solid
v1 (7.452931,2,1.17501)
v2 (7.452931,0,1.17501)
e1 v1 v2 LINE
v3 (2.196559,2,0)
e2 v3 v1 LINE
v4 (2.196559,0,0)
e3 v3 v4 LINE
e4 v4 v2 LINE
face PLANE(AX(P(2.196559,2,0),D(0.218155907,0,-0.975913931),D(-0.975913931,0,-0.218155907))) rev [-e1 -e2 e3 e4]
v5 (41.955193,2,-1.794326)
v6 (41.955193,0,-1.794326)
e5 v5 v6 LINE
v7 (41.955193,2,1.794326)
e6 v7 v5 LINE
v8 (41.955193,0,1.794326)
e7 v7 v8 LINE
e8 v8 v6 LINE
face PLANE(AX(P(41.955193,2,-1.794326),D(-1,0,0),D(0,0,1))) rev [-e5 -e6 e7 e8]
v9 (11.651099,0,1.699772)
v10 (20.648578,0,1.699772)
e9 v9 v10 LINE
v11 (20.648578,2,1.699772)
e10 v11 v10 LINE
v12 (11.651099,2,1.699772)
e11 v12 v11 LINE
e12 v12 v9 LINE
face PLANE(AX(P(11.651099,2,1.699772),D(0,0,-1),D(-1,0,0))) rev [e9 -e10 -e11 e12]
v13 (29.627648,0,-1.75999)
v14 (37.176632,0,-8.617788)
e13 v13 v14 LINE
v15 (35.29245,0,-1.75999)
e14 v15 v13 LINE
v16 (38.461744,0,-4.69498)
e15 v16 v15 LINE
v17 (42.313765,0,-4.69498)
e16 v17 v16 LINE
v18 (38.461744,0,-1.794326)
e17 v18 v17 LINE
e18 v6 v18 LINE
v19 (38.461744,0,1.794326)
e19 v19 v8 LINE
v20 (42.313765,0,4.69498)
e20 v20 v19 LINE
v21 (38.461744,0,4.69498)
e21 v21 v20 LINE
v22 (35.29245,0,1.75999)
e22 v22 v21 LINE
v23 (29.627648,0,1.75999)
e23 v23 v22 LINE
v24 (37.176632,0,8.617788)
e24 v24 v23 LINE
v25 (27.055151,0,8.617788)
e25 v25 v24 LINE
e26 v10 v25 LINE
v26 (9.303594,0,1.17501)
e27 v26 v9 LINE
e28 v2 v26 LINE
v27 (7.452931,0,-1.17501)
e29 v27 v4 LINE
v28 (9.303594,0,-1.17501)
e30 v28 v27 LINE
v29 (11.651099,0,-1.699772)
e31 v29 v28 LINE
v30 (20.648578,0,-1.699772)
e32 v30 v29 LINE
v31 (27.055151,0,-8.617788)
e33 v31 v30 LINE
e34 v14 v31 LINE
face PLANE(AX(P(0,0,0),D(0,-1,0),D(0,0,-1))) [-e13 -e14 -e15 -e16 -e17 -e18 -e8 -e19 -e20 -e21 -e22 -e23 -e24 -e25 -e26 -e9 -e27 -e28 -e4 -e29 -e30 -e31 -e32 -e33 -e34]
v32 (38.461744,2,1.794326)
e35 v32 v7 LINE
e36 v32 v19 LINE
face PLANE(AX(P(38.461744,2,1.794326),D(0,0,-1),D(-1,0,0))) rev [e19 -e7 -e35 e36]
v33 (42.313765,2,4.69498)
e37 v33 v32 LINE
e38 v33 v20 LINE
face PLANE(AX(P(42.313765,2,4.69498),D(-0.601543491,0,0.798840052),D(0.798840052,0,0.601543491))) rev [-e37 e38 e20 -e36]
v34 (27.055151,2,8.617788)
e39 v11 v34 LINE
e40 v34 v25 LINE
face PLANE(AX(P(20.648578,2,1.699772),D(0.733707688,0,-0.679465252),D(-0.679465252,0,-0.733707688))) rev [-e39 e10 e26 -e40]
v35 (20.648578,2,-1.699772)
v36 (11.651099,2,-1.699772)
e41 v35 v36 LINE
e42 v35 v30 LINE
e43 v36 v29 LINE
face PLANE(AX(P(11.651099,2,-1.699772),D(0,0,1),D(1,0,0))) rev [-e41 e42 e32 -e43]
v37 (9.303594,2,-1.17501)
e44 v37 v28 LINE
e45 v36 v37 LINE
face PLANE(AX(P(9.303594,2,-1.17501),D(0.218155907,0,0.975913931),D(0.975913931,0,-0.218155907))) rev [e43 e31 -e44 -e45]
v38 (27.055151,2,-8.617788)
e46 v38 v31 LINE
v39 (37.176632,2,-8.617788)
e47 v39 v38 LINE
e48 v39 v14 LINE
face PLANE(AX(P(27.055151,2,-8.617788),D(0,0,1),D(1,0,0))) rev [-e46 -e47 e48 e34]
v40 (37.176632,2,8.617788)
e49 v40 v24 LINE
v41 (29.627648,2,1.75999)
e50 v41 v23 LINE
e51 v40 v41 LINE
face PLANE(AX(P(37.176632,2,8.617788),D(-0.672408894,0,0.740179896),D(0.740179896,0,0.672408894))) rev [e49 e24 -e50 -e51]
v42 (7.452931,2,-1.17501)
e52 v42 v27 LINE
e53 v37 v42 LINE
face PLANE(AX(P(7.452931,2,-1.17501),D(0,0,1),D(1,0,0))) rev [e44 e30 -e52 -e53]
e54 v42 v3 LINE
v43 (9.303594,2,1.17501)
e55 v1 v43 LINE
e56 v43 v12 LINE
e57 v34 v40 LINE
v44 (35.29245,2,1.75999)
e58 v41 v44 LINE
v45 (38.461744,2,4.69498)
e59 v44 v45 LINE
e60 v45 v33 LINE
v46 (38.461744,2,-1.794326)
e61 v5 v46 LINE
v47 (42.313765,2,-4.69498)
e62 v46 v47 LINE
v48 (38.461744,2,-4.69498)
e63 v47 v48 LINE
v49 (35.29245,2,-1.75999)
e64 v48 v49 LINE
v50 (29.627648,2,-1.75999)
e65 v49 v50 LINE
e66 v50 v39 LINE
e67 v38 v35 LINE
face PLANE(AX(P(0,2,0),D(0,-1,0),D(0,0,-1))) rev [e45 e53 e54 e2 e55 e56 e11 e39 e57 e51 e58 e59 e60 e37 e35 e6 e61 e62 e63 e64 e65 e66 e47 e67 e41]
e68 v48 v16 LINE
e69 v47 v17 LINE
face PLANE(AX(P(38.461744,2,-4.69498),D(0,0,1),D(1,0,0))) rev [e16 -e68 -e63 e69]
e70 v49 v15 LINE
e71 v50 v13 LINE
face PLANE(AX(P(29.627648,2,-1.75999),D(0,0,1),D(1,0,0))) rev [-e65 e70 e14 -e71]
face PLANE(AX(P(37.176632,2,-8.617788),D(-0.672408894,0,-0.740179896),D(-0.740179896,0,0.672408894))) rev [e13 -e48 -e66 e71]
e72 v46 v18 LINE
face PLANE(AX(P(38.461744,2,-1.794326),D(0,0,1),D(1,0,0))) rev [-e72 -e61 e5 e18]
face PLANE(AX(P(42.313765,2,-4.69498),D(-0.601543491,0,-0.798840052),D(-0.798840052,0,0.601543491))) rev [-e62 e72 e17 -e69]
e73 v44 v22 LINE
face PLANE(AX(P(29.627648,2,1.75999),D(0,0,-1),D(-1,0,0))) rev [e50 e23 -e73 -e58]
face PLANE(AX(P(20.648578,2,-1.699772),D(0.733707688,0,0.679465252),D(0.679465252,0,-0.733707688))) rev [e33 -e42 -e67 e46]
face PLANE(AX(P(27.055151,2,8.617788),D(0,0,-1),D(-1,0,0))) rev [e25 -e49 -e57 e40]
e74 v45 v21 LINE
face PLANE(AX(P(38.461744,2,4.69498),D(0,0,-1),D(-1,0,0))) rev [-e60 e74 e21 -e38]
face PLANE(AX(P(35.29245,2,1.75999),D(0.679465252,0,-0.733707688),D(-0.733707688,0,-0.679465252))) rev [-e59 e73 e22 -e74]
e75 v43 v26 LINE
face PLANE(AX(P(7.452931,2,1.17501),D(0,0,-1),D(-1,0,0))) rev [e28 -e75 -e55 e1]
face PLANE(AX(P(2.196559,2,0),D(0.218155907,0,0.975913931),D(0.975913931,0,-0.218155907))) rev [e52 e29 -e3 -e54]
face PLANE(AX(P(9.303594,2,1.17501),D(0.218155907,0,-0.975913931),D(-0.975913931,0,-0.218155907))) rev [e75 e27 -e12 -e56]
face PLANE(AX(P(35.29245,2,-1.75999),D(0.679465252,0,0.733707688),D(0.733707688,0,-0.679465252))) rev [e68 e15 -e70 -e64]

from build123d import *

# Parameters (mm, degrees)
BOSS_EXTRUDE1_DEPTH = 2


with BuildPart() as part:
    # Sketch1 → Boss-Extrude1 (new body)
    with BuildSketch(Plane(origin=(0, 0, 0), x_dir=(1, 0, 0), z_dir=(0, 1, 0))):
        Polygon((2.196559053, 0), (7.452931296, 1.175010029), (9.303594094, 1.175010029), (11.651098899, 1.699771512), (20.648577937, 1.699771512), (27.055150767, 8.61778788), (37.17663195, 8.61778788), (29.627647976, 1.759990212), (35.292450042, 1.759990212), (38.461743589, 4.694980366), (42.313765477, 4.694980366), (38.461743589, 1.79432624), (41.955192877, 1.79432624), (41.955192877, -1.79432624), (38.461743589, -1.79432624), (42.313765477, -4.694980366), (38.461743589, -4.694980366), (35.292450042, -1.759990212), (29.627647976, -1.759990212), (37.17663195, -8.61778788), (27.055150767, -8.61778788), (20.648577937, -1.699771512), (11.651098899, -1.699771512), (9.303594094, -1.175010029), (7.452931296, -1.175010029), align=None)
    extrude(amount=BOSS_EXTRUDE1_DEPTH)


solid = part.part
